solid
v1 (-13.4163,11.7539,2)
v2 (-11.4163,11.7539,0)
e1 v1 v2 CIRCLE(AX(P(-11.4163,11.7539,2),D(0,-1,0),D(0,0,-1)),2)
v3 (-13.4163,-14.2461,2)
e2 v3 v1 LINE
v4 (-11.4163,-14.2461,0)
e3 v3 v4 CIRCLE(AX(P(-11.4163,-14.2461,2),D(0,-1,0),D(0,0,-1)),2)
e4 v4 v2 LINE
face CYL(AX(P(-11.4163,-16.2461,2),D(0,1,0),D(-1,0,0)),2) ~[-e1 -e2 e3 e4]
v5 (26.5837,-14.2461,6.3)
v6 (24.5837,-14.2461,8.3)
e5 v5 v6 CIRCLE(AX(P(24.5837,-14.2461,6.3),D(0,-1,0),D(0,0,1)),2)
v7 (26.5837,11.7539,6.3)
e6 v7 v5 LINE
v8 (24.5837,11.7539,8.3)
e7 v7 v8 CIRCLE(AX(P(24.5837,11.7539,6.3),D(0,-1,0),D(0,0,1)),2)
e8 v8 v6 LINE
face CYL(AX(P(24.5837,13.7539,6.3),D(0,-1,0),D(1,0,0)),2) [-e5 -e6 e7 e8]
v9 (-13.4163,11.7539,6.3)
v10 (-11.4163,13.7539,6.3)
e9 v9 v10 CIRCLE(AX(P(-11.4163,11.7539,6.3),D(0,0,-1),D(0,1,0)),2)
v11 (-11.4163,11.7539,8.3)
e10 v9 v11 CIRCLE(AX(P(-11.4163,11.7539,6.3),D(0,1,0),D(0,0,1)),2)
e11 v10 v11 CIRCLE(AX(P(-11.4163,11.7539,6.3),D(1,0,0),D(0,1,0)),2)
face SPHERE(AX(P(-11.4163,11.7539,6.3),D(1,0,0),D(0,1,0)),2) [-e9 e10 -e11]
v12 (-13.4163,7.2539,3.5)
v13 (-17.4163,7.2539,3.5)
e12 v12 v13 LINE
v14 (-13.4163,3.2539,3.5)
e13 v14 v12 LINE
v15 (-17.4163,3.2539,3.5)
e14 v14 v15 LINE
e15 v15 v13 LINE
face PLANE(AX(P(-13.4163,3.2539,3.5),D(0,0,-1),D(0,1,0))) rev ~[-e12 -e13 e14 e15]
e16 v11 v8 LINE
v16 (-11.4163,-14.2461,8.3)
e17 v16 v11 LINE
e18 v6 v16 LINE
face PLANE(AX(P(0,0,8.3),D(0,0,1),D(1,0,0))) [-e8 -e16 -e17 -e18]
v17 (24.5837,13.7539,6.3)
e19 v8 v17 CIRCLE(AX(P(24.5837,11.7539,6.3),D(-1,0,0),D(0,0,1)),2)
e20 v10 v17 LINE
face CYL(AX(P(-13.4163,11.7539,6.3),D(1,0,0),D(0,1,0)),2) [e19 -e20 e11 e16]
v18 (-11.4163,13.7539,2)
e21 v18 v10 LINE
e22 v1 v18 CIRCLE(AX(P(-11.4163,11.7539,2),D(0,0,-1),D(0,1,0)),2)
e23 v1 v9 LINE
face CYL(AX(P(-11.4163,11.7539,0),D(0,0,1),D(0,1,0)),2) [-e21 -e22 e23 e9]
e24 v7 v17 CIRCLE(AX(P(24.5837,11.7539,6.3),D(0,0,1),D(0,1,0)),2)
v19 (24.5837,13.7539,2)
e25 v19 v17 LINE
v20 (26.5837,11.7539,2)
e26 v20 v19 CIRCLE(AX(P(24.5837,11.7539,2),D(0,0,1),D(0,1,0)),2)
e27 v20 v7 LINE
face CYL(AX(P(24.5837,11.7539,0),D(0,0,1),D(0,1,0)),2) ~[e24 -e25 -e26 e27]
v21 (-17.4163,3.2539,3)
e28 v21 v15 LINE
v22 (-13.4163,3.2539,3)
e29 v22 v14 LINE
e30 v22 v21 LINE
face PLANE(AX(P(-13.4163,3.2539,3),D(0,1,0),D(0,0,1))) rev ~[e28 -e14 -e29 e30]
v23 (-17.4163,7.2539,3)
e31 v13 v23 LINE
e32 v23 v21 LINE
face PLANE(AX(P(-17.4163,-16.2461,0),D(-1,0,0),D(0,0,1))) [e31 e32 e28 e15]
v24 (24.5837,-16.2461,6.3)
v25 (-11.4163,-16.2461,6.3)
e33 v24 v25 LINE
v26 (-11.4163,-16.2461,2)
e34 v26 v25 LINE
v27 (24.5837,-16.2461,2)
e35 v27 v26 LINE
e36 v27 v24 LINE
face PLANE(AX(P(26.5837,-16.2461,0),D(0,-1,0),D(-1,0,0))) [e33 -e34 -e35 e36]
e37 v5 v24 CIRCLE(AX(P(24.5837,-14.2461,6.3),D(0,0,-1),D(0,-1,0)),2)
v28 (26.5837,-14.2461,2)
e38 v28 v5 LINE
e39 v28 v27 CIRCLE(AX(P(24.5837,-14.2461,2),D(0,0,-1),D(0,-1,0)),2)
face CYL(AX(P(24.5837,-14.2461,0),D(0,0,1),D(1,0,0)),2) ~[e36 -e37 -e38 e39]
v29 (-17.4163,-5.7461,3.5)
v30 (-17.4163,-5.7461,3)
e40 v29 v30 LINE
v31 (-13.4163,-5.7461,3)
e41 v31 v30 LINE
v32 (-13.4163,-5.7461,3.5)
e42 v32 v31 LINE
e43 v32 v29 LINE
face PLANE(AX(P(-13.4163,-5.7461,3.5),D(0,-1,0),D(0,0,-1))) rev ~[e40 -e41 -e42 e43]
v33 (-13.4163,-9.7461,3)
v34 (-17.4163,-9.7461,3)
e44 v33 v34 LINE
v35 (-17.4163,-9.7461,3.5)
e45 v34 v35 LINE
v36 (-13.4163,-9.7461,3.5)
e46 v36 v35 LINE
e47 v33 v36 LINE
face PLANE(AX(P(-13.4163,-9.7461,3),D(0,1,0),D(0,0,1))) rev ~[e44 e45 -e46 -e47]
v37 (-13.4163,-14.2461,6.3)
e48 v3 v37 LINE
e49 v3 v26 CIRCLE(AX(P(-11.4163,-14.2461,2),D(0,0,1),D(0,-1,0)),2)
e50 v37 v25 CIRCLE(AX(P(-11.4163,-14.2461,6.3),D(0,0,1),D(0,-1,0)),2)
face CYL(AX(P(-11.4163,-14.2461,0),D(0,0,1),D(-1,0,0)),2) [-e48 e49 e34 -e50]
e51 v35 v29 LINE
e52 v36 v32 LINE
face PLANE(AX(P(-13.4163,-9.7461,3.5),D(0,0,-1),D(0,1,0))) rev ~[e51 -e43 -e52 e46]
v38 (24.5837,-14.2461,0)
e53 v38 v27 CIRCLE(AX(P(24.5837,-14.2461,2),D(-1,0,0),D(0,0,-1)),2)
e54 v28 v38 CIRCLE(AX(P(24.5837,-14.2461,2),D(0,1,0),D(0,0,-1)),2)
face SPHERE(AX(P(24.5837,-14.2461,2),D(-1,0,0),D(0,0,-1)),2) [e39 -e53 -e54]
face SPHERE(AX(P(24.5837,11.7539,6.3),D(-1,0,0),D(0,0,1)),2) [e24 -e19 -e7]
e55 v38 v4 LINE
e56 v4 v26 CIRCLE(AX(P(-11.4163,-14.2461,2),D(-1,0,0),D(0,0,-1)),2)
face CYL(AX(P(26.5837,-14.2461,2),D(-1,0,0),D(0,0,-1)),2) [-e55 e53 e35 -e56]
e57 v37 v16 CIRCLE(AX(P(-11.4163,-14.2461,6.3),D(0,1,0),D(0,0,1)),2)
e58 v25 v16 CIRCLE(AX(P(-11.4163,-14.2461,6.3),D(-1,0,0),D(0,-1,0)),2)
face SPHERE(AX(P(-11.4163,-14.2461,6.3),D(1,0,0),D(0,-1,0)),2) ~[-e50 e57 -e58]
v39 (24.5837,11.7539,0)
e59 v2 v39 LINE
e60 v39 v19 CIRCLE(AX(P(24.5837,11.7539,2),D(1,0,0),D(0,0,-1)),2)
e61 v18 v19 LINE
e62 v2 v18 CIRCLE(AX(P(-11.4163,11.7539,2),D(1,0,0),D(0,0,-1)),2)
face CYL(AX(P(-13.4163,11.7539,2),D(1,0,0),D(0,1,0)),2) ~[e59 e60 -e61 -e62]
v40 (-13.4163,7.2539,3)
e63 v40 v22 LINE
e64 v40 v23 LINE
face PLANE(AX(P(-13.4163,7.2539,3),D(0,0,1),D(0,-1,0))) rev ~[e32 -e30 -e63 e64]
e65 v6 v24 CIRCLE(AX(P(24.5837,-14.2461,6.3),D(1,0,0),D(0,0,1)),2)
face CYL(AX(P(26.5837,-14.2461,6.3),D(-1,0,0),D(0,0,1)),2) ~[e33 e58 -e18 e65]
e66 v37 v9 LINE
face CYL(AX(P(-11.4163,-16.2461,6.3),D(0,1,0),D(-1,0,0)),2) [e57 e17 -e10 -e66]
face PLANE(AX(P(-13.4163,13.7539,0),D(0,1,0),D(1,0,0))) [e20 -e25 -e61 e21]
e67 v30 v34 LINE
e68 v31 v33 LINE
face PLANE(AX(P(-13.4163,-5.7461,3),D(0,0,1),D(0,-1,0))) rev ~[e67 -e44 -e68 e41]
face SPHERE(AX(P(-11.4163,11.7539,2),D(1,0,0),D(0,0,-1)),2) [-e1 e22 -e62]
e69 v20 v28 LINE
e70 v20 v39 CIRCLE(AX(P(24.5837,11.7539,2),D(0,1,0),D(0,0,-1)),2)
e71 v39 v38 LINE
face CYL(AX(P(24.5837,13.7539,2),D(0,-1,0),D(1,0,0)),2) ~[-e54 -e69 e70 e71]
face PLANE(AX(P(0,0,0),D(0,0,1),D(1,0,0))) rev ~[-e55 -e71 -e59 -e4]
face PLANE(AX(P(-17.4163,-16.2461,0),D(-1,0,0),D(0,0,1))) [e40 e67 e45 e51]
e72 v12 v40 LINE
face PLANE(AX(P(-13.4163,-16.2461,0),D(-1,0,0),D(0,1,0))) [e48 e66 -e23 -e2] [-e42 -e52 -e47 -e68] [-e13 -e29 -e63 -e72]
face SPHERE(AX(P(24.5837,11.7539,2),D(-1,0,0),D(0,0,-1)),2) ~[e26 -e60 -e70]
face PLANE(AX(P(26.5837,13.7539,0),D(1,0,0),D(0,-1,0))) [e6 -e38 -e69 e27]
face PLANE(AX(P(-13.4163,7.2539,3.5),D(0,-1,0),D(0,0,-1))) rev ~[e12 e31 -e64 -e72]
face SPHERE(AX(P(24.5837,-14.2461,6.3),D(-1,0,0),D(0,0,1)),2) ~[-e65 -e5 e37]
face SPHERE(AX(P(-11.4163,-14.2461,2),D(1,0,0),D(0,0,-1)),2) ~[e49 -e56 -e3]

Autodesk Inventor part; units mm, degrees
ref_plane "YZ Plane" through (0, 0, 0) normal (1, 0, 0) x (0, 1, 0)
ref_plane "XZ Plane" through (0, 0, 0) normal (0, 1, 0) x (-1, 0, 0)
ref_plane "XY Plane" through (0, 0, 0) normal (0, 0, 1) x (1, 0, 0)
sketch "Эскиз1" plane through (0, 0, 0) normal (0, 0, 1) x (1, 0, 0)
  line L0 (-13.4163, 13.7539) -> (26.5837, 13.7539)
  line L1 (26.5837, 13.7539) -> (26.5837, -16.2461)
  line L2 (26.5837, -16.2461) -> (-13.4163, -16.2461)
  line L3 (-13.4163, -16.2461) -> (-13.4163, 13.7539)
  point P0 (0, 0)
  dimension "d0" = 40
  dimension "d1" = 30
extrude "Выдавливание1" add sketch "Эскиз1" along normal blind 8.3
sketch "Эскиз2" plane through (-13.4163, -16.2461, 0) normal (-1, 0, 0) x (0, 0, 1)
  line L0 (3, 6.5) -> (3.5, 6.5)
  line L1 (3.5, 6.5) -> (3.5, 10.5)
  line L2 (3.5, 10.5) -> (3, 10.5)
  line L3 (3, 10.5) -> (3, 6.5)
  line L4 (3, 19.5) -> (3.5, 19.5)
  line L5 (3.5, 19.5) -> (3.5, 23.5)
  line L6 (3.5, 23.5) -> (3, 23.5)
  line L7 (3, 23.5) -> (3, 19.5)
  line L8 (0, 0) -> (8.3, 0) projected
  line L9 (0, 30) -> (0, 0) projected
  point P0 (0, 16.2461)
  dimension "d4" = 4
  dimension "d5" = 4
  dimension "d6" = 0.5
  dimension "d7" = 0.5
  dimension "d8" = 9
  dimension "d9" = 6.5
  dimension "d10" = 3
extrude "Выдавливание2" add sketch "Эскиз2" along normal blind 4
fillet "Сопряжение1" radius 2 12 edges at (6.5837, 13.7539, 8.3) (6.5837, 13.7539, 0) (6.5837, -16.2461, 8.3) (6.5837, -16.2461, 0) (26.5837, -1.2461, 0) (26.5837, -1.2461, 8.3) (26.5837, -16.2461, 4.15) (-13.4163, -1.2461, 0) (-13.4163, -16.2461, 4.15) (-13.4163, 13.7539, 4.15) (-13.4163, -1.2461, 8.3) (26.5837, 13.7539, 4.15)
properties part number "803048" material "Алюминий 6061"
